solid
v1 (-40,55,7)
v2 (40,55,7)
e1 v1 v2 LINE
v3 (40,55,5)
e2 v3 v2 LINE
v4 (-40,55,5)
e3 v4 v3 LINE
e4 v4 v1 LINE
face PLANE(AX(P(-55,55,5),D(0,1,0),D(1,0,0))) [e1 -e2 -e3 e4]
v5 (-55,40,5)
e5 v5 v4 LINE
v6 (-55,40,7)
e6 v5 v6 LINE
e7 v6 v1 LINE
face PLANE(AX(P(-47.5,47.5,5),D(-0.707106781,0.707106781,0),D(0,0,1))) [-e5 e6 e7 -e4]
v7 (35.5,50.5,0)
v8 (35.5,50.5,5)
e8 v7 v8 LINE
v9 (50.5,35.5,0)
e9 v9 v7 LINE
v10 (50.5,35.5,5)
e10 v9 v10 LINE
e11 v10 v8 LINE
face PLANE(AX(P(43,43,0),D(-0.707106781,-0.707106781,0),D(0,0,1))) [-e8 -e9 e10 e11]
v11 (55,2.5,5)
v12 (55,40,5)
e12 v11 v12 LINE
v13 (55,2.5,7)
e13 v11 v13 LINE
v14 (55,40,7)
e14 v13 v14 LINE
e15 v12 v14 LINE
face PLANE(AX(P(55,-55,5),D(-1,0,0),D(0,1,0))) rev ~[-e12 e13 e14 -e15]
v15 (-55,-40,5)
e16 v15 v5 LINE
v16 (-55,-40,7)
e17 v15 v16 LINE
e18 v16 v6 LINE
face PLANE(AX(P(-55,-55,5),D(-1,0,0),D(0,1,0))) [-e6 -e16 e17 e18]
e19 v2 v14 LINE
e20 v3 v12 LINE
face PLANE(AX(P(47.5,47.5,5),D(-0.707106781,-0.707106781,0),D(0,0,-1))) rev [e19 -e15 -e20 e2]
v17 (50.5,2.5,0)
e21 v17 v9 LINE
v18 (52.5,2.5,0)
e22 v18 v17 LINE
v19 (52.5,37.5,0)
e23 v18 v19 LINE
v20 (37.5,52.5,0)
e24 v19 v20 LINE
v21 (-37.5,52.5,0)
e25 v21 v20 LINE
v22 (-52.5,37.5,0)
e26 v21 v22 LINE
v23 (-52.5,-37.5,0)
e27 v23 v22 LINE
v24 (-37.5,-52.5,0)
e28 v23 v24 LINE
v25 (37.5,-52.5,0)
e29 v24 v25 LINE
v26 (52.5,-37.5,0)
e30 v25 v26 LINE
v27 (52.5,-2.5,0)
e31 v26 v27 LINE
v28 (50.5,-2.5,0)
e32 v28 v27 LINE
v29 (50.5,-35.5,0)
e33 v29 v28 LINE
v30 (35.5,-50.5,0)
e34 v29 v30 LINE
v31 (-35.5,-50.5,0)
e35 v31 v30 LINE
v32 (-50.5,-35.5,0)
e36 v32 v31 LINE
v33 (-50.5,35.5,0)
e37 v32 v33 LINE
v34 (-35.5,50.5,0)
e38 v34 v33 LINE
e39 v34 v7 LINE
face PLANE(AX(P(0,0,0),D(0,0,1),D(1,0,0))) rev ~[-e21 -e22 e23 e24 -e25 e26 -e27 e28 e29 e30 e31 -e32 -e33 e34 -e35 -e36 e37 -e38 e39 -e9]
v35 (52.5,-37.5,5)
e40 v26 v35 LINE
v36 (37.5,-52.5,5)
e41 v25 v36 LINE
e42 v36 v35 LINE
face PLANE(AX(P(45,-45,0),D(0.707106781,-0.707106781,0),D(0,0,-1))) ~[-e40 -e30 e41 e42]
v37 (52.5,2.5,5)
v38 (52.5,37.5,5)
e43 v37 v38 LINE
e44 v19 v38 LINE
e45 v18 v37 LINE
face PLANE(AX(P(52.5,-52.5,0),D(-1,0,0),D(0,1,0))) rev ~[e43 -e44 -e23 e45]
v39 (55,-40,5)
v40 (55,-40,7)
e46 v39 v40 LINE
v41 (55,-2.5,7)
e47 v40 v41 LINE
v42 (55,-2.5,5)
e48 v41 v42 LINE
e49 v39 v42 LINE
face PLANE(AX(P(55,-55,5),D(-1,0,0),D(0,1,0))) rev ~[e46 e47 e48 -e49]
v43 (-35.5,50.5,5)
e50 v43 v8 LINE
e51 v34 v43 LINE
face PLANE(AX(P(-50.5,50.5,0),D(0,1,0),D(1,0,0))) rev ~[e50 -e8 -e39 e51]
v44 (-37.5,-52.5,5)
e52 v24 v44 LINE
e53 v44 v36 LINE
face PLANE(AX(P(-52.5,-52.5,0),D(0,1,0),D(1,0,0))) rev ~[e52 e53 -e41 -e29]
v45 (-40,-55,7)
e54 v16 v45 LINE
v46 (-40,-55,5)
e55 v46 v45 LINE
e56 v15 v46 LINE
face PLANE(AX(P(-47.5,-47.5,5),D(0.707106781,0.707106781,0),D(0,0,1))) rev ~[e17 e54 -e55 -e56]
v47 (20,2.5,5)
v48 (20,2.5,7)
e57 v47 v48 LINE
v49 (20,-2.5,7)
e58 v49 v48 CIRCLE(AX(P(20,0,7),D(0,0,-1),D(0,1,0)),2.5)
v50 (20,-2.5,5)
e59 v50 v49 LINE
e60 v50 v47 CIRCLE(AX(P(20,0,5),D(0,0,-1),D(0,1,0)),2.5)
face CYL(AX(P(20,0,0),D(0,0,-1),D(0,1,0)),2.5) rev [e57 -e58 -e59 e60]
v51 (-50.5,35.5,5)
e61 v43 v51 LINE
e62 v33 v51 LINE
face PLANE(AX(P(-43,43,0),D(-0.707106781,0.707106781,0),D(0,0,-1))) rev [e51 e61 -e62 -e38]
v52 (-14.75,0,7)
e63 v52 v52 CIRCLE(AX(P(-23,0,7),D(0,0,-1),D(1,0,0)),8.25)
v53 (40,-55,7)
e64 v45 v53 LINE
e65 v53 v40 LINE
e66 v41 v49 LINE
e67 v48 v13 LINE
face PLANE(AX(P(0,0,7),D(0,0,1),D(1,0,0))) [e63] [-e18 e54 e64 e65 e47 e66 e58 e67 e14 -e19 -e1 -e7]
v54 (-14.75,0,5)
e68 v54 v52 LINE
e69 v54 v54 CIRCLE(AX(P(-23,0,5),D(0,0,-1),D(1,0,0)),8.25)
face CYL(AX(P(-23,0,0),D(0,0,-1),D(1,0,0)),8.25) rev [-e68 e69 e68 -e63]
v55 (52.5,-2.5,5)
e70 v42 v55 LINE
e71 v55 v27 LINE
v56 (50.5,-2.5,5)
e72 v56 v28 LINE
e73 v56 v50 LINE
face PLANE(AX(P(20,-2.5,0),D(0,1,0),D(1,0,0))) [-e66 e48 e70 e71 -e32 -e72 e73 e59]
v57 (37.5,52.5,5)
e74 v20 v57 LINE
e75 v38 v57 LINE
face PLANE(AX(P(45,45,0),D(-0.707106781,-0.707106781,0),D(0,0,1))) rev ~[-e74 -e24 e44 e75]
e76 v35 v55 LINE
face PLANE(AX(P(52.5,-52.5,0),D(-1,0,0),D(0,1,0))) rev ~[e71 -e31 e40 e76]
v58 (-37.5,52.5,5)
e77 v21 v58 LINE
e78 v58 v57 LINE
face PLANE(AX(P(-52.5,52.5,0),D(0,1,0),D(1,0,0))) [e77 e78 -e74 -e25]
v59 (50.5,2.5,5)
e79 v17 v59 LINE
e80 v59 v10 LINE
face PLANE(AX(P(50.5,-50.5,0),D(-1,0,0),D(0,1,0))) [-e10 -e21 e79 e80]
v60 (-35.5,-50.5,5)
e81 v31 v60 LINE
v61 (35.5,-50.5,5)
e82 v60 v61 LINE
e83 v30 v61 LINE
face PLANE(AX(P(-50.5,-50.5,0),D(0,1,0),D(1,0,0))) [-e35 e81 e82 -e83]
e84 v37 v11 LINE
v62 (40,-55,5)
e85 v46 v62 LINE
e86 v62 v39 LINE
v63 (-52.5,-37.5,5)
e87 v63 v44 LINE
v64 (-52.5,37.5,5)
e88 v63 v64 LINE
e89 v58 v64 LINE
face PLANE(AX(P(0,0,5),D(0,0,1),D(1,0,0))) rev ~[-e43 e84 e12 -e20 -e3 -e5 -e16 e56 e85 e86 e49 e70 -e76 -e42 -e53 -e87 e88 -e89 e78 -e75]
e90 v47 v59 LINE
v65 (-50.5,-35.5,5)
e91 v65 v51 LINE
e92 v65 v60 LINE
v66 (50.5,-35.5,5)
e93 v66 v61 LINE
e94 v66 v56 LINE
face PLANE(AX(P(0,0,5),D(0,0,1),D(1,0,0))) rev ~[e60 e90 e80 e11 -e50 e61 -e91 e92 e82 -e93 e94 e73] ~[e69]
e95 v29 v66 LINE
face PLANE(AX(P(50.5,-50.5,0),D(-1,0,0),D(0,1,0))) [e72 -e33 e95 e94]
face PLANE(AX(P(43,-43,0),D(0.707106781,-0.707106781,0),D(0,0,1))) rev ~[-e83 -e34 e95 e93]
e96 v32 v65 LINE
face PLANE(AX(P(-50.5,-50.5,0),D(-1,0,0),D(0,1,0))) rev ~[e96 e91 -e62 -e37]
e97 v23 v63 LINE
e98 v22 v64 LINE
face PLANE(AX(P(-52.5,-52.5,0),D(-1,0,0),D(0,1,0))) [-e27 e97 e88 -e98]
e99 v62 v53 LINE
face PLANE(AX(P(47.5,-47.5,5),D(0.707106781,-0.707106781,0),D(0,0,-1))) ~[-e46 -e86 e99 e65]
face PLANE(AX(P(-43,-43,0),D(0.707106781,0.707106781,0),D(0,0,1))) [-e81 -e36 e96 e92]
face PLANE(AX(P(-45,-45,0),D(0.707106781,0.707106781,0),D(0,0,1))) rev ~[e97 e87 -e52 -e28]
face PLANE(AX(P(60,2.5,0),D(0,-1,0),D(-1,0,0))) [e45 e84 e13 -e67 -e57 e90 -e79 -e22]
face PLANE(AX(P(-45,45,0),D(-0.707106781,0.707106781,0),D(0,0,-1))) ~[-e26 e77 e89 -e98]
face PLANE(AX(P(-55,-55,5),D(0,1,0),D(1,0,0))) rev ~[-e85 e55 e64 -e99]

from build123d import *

# Parameters (mm, degrees)
PAD004_DEPTH = 10
SKETCH003_R  = 8.25
PAD003_DEPTH = 10
SKETCH002_W  = 101
SKETCH002_H  = 101
PAD002_DEPTH = 5
SKETCH_W     = 105
SKETCH_H     = 105
PAD_DEPTH    = 5
SKETCH001_W  = 110
SKETCH001_H  = 110
PAD001_DEPTH = 2
CHAMFER_SIZE = 15


with BuildPart() as body003:
    # Sketch004 → Pad004 (new body)
    with BuildSketch(Plane.XY):
        with BuildLine():
            Line((60, -2.5), (60, 2.5))
            Line((60, 2.5), (20, 2.5))
            ThreePointArc((20, 2.5), (17.5, 0), (20, -2.5))
            Line((20, -2.5), (60, -2.5))
        make_face()
    extrude(amount=PAD004_DEPTH)


with BuildPart() as body002:
    # Sketch003 → Pad003 (new body)
    with BuildSketch(Plane.XY):
        with Locations((-23, 0)):
            Circle(SKETCH003_R)
    extrude(amount=PAD003_DEPTH)


with BuildPart() as body001:
    # Sketch002 → Pad002 (new body)
    with BuildSketch(Plane.XY):
        Rectangle(SKETCH002_W, SKETCH002_H)
    extrude(amount=PAD002_DEPTH)


with BuildPart() as chamfer_body:
    # Sketch → Pad (new body)
    with BuildSketch(Plane.XY):
        Rectangle(SKETCH_W, SKETCH_H)
    extrude(amount=PAD_DEPTH)

    # Sketch001 (on Face6 of Pad) → Pad001 (join)
    with BuildSketch(Plane.XY.offset(5)):
        Rectangle(SKETCH001_W, SKETCH001_H)
    extrude(amount=PAD001_DEPTH)

    # Cut: cut Body001
    add(body001.part, mode=Mode.SUBTRACT)

    # Cut001: cut Body002
    add(body002.part, mode=Mode.SUBTRACT)

    # Cut002: cut Body003
    add(body003.part, mode=Mode.SUBTRACT)

    # Chamfer
    chamfer_edges = [chamfer_body.edges().sort_by_distance(p)[0] for p in [
        (-55, 55, 6),
        (55, 55, 6),
        (-55, -55, 6),
        (55, -55, 6),
        (52.5, 52.5, 2.5),
        (-52.5, 52.5, 2.5),
        (-52.5, -52.5, 2.5),
        (52.5, -52.5, 2.5),
        (50.5, 50.5, 2.5),
        (50.5, -50.5, 2.5),
        (-50.5, 50.5, 2.5),
        (-50.5, -50.5, 2.5),
    ]]
    chamfer(chamfer_edges, length=CHAMFER_SIZE)


solid = chamfer_body.part
